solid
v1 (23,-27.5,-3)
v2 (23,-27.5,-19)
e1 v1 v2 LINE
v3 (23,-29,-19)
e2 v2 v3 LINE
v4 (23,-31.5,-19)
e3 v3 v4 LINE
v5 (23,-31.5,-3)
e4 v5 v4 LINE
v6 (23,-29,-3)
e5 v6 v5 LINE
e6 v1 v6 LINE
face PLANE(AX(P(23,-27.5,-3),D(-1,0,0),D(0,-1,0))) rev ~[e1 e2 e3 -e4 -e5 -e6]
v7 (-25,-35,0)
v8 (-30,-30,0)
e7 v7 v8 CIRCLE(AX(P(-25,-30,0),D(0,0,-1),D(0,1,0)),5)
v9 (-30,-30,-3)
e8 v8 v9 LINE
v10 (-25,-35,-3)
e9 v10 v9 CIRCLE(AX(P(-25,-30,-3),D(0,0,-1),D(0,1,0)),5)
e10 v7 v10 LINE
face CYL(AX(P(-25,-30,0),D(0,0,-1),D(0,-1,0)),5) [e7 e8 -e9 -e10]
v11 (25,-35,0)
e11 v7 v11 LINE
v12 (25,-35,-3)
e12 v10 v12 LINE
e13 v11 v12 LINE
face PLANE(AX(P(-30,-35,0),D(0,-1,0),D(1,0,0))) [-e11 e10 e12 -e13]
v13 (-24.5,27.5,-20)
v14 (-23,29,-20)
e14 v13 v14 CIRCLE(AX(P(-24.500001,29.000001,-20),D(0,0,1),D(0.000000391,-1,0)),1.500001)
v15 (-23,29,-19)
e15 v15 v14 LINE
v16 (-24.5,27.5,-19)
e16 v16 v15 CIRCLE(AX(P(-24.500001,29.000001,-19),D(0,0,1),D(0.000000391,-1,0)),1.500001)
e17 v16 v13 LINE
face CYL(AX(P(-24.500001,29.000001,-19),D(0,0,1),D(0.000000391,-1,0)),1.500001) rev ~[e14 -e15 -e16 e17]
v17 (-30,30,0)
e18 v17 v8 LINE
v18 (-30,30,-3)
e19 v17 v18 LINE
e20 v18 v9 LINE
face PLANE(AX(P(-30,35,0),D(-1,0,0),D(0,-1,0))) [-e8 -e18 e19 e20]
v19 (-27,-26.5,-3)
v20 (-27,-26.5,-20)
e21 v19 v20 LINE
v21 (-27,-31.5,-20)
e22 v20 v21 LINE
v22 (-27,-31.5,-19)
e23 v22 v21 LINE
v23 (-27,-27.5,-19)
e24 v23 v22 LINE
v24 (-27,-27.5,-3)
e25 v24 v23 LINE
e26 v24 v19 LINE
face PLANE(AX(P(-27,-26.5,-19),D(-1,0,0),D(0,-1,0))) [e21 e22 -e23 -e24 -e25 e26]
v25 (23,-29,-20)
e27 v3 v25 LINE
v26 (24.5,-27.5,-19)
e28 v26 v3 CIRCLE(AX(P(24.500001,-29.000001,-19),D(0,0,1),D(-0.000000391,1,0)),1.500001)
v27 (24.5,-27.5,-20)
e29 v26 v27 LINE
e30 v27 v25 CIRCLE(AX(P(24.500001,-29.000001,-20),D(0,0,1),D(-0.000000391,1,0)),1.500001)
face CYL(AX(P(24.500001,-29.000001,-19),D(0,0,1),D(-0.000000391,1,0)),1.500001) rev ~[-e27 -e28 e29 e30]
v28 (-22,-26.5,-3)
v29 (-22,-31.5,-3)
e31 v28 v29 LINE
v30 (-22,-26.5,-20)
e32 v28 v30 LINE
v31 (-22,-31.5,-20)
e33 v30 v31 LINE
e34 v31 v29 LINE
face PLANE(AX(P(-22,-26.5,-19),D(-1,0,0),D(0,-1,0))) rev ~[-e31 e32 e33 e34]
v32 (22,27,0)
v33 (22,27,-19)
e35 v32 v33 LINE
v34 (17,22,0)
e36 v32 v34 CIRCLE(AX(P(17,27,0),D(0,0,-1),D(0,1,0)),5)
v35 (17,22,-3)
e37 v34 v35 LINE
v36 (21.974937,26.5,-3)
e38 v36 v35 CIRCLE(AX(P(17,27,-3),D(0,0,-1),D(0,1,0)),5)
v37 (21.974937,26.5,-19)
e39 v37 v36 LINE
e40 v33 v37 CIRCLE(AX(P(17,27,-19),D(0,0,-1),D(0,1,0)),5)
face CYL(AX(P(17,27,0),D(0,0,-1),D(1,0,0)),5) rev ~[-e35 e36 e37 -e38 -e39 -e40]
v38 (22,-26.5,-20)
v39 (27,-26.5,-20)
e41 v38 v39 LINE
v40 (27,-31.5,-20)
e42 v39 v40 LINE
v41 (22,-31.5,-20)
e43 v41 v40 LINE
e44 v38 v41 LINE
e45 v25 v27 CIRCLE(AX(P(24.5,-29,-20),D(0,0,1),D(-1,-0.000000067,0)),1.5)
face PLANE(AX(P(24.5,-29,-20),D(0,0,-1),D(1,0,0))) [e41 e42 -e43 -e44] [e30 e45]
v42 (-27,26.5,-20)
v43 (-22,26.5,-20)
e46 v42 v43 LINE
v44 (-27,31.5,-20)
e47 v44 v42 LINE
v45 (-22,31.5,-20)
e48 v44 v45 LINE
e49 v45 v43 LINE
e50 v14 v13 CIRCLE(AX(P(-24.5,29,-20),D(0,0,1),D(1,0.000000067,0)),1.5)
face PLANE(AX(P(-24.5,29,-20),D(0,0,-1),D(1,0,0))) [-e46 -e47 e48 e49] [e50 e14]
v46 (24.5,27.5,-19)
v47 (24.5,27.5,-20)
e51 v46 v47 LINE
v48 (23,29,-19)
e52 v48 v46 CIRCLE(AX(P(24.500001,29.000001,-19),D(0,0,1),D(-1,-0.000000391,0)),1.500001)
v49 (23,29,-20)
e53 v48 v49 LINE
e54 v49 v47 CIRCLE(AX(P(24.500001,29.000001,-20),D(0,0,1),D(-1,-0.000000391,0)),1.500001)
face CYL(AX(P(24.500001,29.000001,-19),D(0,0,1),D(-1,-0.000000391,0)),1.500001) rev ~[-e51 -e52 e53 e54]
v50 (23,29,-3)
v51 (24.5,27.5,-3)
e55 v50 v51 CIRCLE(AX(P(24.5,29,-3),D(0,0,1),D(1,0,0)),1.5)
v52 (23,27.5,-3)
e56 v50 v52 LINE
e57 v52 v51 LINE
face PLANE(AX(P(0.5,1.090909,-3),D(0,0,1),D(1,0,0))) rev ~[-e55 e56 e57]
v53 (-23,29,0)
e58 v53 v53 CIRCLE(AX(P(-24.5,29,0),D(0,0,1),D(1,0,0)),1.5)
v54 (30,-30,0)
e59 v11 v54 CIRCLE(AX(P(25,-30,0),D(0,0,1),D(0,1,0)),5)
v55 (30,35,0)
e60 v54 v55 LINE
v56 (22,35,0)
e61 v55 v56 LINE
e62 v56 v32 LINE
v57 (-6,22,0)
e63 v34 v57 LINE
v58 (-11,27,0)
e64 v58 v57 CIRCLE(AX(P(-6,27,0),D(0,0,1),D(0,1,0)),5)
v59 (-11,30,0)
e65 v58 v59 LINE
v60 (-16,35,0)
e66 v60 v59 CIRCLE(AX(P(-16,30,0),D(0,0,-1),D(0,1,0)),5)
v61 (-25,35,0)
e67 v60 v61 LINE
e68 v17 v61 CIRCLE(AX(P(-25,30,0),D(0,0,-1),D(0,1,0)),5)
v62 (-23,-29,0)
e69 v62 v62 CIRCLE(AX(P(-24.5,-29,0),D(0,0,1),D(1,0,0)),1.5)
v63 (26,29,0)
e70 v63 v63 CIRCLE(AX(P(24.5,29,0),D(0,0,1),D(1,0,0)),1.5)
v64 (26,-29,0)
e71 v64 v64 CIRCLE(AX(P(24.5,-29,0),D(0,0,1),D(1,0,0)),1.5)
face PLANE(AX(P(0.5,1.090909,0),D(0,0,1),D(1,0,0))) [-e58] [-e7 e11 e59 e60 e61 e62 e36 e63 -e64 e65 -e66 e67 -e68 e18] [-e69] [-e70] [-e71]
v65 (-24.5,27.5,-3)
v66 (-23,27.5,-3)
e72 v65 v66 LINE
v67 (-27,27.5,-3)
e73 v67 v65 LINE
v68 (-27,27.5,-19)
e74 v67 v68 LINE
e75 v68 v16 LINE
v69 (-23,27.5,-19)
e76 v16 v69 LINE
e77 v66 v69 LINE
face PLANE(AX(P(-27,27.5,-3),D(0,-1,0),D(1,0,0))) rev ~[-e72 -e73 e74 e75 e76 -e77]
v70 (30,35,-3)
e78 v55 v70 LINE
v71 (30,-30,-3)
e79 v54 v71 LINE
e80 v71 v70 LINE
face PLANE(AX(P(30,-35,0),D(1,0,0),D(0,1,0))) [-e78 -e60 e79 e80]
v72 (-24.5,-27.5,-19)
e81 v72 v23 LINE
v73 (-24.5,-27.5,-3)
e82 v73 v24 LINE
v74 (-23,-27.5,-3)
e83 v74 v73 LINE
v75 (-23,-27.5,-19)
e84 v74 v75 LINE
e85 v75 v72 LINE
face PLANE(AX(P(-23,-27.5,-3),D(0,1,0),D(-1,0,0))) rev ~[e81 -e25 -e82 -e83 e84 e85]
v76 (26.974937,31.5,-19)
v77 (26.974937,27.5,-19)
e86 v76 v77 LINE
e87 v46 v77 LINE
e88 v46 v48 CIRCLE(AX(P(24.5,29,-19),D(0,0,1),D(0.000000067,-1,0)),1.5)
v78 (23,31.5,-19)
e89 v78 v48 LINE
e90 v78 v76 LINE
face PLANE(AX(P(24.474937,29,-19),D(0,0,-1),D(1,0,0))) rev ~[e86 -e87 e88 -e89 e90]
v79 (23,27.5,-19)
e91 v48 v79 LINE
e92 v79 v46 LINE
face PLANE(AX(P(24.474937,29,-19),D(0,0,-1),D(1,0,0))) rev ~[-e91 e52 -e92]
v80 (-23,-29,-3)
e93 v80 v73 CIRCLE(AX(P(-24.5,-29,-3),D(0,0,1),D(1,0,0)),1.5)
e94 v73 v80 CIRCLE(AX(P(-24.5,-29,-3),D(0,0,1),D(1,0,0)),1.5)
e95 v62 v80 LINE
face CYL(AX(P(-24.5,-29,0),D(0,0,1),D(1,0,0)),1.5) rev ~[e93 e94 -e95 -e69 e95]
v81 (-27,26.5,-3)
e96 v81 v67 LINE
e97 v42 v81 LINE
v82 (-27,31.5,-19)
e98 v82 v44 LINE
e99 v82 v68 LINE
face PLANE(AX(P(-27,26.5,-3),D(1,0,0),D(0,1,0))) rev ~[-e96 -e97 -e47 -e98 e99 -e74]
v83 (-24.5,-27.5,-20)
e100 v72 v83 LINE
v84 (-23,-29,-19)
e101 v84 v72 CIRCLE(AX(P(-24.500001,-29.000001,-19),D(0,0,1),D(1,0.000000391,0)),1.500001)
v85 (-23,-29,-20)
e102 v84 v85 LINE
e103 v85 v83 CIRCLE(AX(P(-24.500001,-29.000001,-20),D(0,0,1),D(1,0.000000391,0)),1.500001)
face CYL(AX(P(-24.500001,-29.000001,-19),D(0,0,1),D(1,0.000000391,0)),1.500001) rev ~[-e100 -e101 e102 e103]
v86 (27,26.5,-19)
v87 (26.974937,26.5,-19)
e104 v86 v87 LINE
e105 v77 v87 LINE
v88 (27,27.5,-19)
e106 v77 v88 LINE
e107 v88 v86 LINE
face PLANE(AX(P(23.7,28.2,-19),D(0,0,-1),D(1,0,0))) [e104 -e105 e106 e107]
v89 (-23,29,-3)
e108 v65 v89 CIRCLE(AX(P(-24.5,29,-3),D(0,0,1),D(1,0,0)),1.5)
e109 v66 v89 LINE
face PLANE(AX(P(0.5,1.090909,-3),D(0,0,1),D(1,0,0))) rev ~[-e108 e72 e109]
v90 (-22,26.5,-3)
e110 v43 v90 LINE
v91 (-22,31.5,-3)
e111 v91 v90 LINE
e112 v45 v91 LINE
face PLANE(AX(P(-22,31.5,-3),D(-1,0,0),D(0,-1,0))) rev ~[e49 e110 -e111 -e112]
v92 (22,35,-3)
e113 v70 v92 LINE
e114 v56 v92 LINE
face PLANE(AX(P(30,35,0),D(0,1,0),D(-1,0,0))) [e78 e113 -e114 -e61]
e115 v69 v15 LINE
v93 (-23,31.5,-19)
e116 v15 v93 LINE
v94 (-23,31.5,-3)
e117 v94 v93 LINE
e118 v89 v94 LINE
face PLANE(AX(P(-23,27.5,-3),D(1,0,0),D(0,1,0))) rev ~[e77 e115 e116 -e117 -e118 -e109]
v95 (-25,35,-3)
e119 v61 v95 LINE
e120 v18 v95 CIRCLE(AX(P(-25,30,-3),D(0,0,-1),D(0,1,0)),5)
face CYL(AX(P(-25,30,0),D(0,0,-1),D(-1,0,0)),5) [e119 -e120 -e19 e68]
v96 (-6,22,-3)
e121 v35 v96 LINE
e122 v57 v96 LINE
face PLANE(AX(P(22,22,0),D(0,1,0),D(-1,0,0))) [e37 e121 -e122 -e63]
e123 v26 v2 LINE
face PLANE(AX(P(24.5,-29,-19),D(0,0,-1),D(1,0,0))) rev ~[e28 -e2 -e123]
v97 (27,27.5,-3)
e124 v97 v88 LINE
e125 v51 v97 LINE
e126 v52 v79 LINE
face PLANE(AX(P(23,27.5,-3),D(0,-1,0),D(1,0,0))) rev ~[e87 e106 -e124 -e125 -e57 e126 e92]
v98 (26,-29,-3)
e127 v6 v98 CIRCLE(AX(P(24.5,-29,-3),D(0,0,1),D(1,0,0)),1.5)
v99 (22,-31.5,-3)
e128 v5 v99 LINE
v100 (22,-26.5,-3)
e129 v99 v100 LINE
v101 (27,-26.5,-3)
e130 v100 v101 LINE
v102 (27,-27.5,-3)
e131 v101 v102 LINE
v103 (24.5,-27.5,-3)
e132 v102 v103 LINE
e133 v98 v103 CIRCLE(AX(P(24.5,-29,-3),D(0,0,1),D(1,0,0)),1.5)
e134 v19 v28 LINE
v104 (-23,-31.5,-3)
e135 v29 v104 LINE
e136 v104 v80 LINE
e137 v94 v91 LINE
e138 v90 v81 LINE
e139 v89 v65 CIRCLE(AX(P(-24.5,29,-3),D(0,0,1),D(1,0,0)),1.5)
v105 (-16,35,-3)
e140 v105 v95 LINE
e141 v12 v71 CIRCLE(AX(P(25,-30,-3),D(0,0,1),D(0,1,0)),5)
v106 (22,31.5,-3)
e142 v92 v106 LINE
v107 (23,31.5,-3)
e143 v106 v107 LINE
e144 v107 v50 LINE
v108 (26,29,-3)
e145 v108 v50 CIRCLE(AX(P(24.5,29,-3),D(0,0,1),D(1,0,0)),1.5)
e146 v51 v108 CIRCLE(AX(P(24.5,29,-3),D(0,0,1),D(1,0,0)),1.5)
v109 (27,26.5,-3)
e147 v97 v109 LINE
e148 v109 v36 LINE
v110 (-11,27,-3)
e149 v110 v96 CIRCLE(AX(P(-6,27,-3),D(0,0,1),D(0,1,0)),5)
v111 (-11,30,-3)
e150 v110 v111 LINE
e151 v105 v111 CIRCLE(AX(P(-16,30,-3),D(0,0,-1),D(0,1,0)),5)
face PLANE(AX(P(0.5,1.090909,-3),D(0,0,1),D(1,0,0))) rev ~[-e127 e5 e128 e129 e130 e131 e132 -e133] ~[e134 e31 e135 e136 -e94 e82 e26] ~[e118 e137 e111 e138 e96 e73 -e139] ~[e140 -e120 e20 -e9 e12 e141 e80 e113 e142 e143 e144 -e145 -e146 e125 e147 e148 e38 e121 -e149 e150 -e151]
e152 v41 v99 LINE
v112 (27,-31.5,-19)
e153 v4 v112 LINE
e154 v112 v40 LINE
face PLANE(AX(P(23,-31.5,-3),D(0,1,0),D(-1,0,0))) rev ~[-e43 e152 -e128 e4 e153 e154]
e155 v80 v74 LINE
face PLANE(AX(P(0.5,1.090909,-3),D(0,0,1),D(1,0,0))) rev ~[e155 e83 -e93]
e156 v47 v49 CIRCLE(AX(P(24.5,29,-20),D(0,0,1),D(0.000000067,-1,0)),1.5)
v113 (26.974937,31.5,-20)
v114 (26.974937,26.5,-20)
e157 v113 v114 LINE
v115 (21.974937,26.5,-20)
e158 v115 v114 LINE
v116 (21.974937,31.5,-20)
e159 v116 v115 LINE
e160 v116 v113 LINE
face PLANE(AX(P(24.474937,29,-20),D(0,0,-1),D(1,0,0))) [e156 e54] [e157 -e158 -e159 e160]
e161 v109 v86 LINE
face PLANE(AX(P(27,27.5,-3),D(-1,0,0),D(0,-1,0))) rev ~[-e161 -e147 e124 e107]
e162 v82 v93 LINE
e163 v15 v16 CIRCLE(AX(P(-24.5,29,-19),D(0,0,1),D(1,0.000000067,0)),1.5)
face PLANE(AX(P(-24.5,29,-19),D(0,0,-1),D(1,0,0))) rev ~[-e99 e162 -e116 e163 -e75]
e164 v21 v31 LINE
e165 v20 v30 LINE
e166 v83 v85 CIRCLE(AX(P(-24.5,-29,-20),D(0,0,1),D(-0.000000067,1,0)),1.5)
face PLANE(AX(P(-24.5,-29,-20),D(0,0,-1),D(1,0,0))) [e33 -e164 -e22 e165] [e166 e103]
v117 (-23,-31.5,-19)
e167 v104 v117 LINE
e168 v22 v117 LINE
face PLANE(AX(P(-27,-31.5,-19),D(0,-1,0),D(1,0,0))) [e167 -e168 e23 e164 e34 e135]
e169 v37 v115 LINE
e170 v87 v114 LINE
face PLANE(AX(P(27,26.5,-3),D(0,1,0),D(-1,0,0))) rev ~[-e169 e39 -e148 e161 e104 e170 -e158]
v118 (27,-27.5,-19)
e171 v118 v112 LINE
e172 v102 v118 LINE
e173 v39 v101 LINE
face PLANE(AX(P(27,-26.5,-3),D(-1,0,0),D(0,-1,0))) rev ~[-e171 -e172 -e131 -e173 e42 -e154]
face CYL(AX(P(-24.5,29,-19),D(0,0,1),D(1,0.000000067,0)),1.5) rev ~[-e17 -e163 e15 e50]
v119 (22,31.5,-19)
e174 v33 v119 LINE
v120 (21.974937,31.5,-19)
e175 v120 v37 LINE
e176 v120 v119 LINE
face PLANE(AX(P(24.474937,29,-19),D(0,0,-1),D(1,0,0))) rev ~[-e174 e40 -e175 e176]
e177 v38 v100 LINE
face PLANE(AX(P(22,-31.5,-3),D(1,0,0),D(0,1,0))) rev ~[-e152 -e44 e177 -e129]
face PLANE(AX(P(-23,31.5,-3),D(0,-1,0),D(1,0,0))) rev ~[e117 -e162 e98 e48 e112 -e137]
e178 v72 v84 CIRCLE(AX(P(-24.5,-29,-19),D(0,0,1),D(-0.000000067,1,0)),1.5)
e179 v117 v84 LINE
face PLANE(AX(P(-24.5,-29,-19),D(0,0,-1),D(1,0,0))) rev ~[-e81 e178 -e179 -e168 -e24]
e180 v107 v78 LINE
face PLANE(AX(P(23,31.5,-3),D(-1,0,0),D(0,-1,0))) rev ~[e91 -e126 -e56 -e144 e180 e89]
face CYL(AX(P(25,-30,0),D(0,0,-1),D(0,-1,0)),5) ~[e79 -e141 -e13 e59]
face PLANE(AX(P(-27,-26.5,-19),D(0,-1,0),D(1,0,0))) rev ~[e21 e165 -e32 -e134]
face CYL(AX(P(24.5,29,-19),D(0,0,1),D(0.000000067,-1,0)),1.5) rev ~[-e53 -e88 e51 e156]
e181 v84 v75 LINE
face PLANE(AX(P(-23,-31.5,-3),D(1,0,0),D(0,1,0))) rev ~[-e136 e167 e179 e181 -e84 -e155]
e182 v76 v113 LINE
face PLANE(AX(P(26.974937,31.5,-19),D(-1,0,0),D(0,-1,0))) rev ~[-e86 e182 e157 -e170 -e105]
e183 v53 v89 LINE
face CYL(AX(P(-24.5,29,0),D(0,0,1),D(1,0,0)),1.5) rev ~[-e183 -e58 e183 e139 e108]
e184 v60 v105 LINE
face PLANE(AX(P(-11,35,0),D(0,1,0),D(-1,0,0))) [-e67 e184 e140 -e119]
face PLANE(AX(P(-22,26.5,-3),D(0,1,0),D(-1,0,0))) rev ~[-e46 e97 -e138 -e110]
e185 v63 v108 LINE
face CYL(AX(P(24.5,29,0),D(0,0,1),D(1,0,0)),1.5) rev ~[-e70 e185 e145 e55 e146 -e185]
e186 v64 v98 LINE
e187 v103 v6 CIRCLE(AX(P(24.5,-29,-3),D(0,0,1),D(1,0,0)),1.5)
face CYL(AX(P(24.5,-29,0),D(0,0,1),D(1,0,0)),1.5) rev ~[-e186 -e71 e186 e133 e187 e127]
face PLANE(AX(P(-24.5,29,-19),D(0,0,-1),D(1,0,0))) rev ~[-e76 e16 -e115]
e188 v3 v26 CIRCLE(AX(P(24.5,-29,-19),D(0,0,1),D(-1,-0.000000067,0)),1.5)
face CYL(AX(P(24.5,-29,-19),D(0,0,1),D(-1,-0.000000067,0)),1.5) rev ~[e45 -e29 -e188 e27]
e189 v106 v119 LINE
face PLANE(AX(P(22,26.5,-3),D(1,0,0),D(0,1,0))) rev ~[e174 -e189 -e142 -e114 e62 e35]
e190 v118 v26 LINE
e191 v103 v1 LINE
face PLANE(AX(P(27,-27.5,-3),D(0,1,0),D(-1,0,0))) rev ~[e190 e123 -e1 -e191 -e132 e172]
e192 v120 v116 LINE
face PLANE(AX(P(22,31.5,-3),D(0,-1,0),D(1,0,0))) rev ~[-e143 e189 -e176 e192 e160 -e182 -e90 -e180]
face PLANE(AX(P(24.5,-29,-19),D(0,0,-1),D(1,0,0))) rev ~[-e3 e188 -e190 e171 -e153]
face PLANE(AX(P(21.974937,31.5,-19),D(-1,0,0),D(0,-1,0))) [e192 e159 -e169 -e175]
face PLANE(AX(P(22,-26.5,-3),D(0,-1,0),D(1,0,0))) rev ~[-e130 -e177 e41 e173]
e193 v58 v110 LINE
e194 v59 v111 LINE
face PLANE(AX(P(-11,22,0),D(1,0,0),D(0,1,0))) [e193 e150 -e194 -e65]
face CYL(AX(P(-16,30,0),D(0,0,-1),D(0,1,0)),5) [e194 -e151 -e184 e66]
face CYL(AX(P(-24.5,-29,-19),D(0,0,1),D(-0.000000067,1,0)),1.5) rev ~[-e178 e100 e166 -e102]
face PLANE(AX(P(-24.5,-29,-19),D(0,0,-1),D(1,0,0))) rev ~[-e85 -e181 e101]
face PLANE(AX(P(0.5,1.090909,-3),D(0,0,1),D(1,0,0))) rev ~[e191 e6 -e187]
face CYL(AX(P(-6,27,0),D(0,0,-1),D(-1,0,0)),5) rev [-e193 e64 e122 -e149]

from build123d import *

# Parameters (mm, degrees)
F0_R     = 1.5
F1_DEPTH = 3
F3_DEPTH = 16
F4_R     = 5
F5_W     = 5
F5_H     = 5
F6_DEPTH = 1


with BuildPart() as f1:
    # F0 (on Top) → F1 (new body)
    with BuildSketch(Plane.XY):
        Polygon((30, -35), (30, 35), (22, 35), (22, 22), (-11, 22), (-11, 35), (-30, 35), (-30, -35), align=None)
        with Locations((-24.5, -29)):
            Circle(F0_R, mode=Mode.SUBTRACT)
        with Locations((24.5, -29)):
            Circle(F0_R, mode=Mode.SUBTRACT)
        with Locations((-24.5, 29)):
            Circle(F0_R, mode=Mode.SUBTRACT)
        with Locations((24.5, 29)):
            Circle(F0_R, mode=Mode.SUBTRACT)
    extrude(amount=-F1_DEPTH)

    # F2 (on face) → F3 (join)
    with BuildSketch(Plane(origin=(0, 0, -3), x_dir=(1, 0, 0), z_dir=(0, 0, -1))):
        Polygon((27, -26.5), (22, -26.5), (22, -31.5), (23, -31.5), (23, -29), (23, -27.5), (24.5, -27.5), (27, -27.5), align=None)
        Polygon((-22, -31.5), (-22, -26.5), (-27, -26.5), (-27, -27.5), (-24.5, -27.5), (-23, -27.5), (-23, -29), (-23, -31.5), align=None)
        Polygon((-27, 26.5), (-22, 26.5), (-22, 31.5), (-23, 31.5), (-23, 29), (-23, 27.5), (-24.5, 27.5), (-27, 27.5), align=None)
        Polygon((22, 31.5), (22, 26.5), (27, 26.5), (27, 27.5), (24.5, 27.5), (23, 27.5), (23, 29), (23, 31.5), align=None)
    extrude(amount=F3_DEPTH)

    # F4
    f4_edges = [f1.edges().sort_by_distance(p)[0] for p in [
        (-30, 35, -1.5),
        (-30, -35, -1.5),
        (-11, 35, -1.5),
        (-11, 22, -1.5),
        (22, 22, -1.5),
        (30, -35, -1.5),
    ]]
    fillet(f4_edges, radius=F4_R)

    # F5 (on face) → F6 (join)
    with BuildSketch(Plane(origin=(0, 0, -19), x_dir=(1, 0, 0), z_dir=(0, 0, -1))):
        with Locations((-24.5, 29)):
            Rectangle(F5_W, F5_H)
        with BuildLine():
            ThreePointArc((-24.5, 27.5), (-25.56066, 30.06066), (-23, 29))
            ThreePointArc((-23, 29), (-23.43934, 27.93934), (-24.5, 27.5))
        make_face(mode=Mode.SUBTRACT)
        with Locations((24.5, 29)):
            Rectangle(F5_W, F5_H)
        with BuildLine():
            ThreePointArc((24.5, 27.5), (23.43934, 27.93934), (23, 29))
            ThreePointArc((23, 29), (25.56066, 30.06066), (24.5, 27.5))
        make_face(mode=Mode.SUBTRACT)
        with Locations((24.474937, -29)):
            Rectangle(F5_W, F5_H)
        with BuildLine():
            ThreePointArc((24.5, -27.5), (25.56066, -30.06066), (23, -29))
            ThreePointArc((23, -29), (23.43934, -27.93934), (24.5, -27.5))
        make_face(mode=Mode.SUBTRACT)
        with Locations((-24.5, -29)):
            Rectangle(F5_W, F5_H)
        with BuildLine():
            ThreePointArc((-24.5, -27.5), (-23.43934, -27.93934), (-23, -29))
            ThreePointArc((-23, -29), (-25.56066, -30.06066), (-24.5, -27.5))
        make_face(mode=Mode.SUBTRACT)
    extrude(amount=F6_DEPTH)


solid = f1.part
